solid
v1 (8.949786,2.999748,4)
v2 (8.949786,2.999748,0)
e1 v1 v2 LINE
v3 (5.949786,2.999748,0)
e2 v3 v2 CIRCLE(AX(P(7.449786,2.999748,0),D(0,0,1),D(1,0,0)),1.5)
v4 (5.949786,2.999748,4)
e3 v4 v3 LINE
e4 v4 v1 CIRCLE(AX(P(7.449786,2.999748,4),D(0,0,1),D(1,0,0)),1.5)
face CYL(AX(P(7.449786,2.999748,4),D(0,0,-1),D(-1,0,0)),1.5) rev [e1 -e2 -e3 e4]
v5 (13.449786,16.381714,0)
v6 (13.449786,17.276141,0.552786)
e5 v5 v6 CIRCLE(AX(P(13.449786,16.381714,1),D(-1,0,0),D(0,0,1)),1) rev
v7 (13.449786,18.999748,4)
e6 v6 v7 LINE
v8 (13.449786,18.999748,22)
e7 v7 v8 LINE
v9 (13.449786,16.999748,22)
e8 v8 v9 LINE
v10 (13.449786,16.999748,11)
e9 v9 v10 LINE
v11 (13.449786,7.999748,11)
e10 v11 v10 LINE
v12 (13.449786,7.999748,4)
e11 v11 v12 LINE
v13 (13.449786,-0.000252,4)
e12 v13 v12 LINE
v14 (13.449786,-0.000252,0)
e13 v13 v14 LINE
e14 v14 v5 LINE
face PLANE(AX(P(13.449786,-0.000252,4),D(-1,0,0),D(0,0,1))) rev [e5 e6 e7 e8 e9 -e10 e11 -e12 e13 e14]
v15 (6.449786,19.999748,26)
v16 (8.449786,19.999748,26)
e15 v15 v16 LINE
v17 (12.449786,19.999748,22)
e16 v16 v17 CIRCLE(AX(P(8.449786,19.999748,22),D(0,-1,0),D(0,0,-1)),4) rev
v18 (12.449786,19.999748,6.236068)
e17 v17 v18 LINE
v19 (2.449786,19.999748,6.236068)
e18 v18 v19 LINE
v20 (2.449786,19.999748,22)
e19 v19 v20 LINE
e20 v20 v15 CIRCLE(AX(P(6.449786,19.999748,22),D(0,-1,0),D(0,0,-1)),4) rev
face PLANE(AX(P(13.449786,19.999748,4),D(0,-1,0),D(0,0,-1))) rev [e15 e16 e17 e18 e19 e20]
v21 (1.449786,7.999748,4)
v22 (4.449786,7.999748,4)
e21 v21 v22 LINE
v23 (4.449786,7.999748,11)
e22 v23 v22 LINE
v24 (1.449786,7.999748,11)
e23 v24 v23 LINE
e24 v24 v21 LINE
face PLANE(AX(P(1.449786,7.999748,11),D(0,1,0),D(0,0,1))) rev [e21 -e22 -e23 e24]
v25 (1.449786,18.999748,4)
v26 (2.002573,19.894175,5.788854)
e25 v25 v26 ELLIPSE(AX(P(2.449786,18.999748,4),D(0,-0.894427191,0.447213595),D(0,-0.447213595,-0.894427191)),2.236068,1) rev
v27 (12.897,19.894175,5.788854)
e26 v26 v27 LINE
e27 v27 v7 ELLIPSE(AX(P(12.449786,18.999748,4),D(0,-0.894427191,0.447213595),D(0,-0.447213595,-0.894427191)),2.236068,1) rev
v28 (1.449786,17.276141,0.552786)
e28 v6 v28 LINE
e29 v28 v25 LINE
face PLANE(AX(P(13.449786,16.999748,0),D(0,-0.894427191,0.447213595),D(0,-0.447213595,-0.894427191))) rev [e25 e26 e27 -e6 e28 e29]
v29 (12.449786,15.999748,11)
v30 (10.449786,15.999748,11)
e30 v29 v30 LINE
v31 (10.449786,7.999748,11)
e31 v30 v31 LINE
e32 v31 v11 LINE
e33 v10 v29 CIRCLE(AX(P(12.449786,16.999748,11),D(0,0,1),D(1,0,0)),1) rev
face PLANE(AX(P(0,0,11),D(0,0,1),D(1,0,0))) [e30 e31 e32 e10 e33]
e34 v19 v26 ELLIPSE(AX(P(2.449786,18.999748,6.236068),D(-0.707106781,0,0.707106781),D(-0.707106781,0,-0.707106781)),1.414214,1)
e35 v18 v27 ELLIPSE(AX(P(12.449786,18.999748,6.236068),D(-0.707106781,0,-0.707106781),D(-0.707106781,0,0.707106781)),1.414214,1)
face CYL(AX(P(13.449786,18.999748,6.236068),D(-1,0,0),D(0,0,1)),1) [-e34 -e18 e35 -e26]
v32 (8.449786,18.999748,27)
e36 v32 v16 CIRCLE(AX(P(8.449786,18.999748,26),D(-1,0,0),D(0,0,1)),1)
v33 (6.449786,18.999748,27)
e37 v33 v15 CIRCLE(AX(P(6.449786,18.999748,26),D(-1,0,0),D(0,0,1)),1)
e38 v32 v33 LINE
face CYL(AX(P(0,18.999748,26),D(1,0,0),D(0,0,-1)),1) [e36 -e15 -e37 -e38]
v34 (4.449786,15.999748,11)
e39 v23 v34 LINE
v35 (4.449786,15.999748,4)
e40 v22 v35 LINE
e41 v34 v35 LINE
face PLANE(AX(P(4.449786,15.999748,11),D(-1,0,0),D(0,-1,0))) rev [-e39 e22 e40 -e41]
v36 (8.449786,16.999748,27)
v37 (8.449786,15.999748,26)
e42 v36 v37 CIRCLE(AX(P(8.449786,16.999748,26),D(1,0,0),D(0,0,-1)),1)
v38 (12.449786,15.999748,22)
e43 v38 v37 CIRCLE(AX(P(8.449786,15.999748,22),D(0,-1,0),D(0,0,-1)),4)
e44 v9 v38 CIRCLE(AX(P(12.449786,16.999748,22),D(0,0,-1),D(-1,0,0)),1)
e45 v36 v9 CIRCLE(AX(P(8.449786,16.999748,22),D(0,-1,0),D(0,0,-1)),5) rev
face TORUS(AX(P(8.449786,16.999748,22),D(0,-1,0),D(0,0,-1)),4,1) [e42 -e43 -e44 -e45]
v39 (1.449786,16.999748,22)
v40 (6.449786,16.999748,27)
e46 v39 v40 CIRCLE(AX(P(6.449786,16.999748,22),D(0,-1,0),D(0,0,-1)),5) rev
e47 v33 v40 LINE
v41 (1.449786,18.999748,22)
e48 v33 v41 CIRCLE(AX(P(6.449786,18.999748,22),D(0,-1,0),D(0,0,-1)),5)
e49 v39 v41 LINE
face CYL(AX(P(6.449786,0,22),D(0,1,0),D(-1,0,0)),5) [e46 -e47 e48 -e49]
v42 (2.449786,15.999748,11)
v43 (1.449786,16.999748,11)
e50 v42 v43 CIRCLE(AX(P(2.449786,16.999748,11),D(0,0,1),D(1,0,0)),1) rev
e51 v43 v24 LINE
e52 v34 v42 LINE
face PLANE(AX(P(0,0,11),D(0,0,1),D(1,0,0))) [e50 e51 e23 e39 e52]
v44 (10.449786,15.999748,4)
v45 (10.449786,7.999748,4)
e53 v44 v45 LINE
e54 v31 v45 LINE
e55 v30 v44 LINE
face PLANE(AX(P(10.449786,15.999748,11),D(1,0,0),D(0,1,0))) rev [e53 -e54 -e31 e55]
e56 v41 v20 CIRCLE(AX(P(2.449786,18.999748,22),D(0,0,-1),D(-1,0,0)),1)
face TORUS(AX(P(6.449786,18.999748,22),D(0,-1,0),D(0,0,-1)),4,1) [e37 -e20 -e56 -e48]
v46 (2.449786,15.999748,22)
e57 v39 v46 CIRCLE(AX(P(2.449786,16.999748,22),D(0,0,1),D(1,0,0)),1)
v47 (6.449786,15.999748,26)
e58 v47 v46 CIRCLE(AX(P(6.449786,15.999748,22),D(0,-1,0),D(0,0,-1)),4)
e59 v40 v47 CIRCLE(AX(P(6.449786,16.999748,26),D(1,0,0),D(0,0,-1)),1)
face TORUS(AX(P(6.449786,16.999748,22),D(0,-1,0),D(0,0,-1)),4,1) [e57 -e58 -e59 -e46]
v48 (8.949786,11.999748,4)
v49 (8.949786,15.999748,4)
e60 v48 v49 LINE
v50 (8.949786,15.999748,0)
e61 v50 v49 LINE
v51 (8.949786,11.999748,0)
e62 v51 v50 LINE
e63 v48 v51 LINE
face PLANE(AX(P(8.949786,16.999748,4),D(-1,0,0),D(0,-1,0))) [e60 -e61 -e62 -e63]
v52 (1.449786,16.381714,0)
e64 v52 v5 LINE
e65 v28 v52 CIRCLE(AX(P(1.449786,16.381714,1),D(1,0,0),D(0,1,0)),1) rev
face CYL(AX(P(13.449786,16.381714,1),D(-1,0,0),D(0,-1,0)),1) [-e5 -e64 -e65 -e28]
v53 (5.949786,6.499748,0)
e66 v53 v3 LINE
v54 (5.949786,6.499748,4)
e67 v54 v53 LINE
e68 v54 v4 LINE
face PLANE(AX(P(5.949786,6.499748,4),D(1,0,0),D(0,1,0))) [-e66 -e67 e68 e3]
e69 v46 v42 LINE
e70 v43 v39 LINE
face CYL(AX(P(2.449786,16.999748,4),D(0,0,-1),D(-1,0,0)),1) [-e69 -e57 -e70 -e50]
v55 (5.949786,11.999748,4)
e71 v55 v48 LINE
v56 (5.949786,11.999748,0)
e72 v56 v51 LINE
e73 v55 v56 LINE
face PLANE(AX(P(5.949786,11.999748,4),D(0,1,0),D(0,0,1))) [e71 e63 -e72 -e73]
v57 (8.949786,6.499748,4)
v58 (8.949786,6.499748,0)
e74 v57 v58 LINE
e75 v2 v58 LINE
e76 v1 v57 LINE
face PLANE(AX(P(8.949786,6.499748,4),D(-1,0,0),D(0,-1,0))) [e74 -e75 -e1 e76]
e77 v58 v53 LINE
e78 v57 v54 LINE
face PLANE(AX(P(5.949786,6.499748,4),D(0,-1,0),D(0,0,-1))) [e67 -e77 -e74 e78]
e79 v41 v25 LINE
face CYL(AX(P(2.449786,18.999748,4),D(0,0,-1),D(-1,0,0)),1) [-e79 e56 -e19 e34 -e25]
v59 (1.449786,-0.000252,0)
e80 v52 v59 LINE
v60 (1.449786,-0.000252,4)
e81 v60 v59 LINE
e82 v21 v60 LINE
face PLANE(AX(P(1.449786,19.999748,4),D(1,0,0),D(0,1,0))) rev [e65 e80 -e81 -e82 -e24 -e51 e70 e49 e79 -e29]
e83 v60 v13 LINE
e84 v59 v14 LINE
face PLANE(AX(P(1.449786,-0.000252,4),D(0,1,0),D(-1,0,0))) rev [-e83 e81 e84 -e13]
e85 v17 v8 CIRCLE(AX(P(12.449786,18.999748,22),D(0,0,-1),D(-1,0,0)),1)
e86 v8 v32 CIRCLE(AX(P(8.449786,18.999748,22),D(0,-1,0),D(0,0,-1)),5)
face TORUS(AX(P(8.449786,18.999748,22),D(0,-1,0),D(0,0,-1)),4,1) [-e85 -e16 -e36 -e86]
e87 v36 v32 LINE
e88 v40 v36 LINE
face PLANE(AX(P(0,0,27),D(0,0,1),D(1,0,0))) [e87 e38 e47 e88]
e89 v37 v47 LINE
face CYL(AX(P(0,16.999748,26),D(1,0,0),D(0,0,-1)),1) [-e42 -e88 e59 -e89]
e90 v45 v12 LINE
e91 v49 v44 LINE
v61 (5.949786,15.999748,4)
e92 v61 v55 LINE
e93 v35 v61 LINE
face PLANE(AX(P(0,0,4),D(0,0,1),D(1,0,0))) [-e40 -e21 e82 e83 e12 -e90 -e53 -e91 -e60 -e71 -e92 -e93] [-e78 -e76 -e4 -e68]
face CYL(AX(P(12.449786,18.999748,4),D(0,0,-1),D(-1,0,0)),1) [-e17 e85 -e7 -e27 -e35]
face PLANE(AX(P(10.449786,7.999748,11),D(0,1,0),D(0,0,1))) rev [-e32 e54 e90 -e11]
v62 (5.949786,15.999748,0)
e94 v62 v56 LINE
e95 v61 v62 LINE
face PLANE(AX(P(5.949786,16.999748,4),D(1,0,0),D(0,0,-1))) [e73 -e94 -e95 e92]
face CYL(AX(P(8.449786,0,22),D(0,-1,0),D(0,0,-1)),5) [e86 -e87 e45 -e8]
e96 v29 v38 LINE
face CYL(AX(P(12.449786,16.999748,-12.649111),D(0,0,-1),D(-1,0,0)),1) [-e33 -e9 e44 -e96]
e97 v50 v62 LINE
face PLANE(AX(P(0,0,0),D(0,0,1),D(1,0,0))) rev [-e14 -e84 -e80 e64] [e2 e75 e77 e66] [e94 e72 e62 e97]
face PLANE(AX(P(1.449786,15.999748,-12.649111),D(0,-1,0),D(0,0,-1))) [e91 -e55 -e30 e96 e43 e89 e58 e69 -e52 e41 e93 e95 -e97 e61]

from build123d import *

# Parameters (mm, degrees)
SKETCH_2_W          = 12
SKETCH_2_H          = 20
EXTRUDE_1_DEPTH     = 4
EXTRUDE_START       = -4
SKETCH_3_W          = 12
SKETCH_3_H          = 4
EXTRUDE_2_DEPTH     = 27
SKETCH_4_W          = 3
SKETCH_4_H          = 8
EXTRUDE_3_DEPTH     = 7
FILLET_5_R          = 5
CUT_EXTRUDE_2_DEPTH = 36.678984208
FILLET_6_R          = 1


with BuildPart() as part:
    # 草图2 → 凸台-拉伸1 (new body)
    with BuildSketch(Plane.XY):
        with Locations((7.449786368, 9.999747852)):
            Rectangle(SKETCH_2_W, SKETCH_2_H)
        with BuildLine():
            Line((5.949786368, 6.499747852), (5.949786368, 2.999747852))
            ThreePointArc((5.949786368, 2.999747852), (7.449786368, 1.499747852), (8.949786368, 2.999747852))
            Line((8.949786368, 2.999747852), (8.949786368, 6.499747852))
            Line((8.949786368, 6.499747852), (5.949786368, 6.499747852))
        make_face(mode=Mode.SUBTRACT)
        with BuildLine():
            Line((5.949786368, 11.999747852), (8.949786368, 11.999747852))
            Line((8.949786368, 11.999747852), (8.949786368, 16.999747852))
            ThreePointArc((8.949786368, 16.999747852), (7.449786368, 18.499747852), (5.949786368, 16.999747852))
            Line((5.949786368, 16.999747852), (5.949786368, 11.999747852))
        make_face(mode=Mode.SUBTRACT)
    extrude(amount=EXTRUDE_1_DEPTH)

    # 草图3 → 凸台-拉伸2 (add)
    with BuildSketch(Plane.XY.offset(4).offset(EXTRUDE_START)):
        with Locations((7.449786368, 17.999747852)):
            Rectangle(SKETCH_3_W, SKETCH_3_H)
    extrude(amount=EXTRUDE_2_DEPTH)

    # 草图4 → 凸台-拉伸3 (add)
    with BuildSketch(Plane.XY.offset(4)):
        with Locations((2.949786368, 11.999747852)):
            Rectangle(SKETCH_4_W, SKETCH_4_H)
        with Locations((11.949786368, 11.999747852)):
            Rectangle(SKETCH_4_W, SKETCH_4_H)
    extrude(amount=EXTRUDE_3_DEPTH)

    # 圆角5
    fillet_5_edges = [part.edges().sort_by_distance(p)[0] for p in [
        (1.449786368, 17.999747852, 27),
        (13.449786368, 17.999747852, 27),
    ]]
    fillet(fillet_5_edges, radius=FILLET_5_R)

    # 草图8 → 切除-拉伸2 (cut, through all)
    with BuildSketch(Plane.ZY.offset(-1.449786368)):
        Polygon((0, 16.999747852), (6, 19.999747852), (0, 19.999747852), align=None)
    extrude(amount=-CUT_EXTRUDE_2_DEPTH, mode=Mode.SUBTRACT)

    # 圆角6
    fillet_6_edges = [part.edges().sort_by_distance(p)[0] for p in [
        (11.985320274, 15.999747852, 25.535533906),
        (7.449786368, 16.999747852, 0),
        (7.449786368, 19.999747852, 6),
        (1.449786368, 15.999747852, 16.5),
        (13.449786368, 15.999747852, 16.5),
        (7.449786368, 15.999747852, 27),
        (7.449786368, 19.999747852, 27),
        (1.449786368, 19.999747852, 14),
        (13.449786368, 19.999747852, 14),
        (2.914252462, 19.999747852, 25.535533906),
        (11.985320274, 19.999747852, 25.535533906),
        (2.914252462, 15.999747852, 25.535533906),
    ]]
    fillet(fillet_6_edges, radius=FILLET_6_R)


solid = part.part
